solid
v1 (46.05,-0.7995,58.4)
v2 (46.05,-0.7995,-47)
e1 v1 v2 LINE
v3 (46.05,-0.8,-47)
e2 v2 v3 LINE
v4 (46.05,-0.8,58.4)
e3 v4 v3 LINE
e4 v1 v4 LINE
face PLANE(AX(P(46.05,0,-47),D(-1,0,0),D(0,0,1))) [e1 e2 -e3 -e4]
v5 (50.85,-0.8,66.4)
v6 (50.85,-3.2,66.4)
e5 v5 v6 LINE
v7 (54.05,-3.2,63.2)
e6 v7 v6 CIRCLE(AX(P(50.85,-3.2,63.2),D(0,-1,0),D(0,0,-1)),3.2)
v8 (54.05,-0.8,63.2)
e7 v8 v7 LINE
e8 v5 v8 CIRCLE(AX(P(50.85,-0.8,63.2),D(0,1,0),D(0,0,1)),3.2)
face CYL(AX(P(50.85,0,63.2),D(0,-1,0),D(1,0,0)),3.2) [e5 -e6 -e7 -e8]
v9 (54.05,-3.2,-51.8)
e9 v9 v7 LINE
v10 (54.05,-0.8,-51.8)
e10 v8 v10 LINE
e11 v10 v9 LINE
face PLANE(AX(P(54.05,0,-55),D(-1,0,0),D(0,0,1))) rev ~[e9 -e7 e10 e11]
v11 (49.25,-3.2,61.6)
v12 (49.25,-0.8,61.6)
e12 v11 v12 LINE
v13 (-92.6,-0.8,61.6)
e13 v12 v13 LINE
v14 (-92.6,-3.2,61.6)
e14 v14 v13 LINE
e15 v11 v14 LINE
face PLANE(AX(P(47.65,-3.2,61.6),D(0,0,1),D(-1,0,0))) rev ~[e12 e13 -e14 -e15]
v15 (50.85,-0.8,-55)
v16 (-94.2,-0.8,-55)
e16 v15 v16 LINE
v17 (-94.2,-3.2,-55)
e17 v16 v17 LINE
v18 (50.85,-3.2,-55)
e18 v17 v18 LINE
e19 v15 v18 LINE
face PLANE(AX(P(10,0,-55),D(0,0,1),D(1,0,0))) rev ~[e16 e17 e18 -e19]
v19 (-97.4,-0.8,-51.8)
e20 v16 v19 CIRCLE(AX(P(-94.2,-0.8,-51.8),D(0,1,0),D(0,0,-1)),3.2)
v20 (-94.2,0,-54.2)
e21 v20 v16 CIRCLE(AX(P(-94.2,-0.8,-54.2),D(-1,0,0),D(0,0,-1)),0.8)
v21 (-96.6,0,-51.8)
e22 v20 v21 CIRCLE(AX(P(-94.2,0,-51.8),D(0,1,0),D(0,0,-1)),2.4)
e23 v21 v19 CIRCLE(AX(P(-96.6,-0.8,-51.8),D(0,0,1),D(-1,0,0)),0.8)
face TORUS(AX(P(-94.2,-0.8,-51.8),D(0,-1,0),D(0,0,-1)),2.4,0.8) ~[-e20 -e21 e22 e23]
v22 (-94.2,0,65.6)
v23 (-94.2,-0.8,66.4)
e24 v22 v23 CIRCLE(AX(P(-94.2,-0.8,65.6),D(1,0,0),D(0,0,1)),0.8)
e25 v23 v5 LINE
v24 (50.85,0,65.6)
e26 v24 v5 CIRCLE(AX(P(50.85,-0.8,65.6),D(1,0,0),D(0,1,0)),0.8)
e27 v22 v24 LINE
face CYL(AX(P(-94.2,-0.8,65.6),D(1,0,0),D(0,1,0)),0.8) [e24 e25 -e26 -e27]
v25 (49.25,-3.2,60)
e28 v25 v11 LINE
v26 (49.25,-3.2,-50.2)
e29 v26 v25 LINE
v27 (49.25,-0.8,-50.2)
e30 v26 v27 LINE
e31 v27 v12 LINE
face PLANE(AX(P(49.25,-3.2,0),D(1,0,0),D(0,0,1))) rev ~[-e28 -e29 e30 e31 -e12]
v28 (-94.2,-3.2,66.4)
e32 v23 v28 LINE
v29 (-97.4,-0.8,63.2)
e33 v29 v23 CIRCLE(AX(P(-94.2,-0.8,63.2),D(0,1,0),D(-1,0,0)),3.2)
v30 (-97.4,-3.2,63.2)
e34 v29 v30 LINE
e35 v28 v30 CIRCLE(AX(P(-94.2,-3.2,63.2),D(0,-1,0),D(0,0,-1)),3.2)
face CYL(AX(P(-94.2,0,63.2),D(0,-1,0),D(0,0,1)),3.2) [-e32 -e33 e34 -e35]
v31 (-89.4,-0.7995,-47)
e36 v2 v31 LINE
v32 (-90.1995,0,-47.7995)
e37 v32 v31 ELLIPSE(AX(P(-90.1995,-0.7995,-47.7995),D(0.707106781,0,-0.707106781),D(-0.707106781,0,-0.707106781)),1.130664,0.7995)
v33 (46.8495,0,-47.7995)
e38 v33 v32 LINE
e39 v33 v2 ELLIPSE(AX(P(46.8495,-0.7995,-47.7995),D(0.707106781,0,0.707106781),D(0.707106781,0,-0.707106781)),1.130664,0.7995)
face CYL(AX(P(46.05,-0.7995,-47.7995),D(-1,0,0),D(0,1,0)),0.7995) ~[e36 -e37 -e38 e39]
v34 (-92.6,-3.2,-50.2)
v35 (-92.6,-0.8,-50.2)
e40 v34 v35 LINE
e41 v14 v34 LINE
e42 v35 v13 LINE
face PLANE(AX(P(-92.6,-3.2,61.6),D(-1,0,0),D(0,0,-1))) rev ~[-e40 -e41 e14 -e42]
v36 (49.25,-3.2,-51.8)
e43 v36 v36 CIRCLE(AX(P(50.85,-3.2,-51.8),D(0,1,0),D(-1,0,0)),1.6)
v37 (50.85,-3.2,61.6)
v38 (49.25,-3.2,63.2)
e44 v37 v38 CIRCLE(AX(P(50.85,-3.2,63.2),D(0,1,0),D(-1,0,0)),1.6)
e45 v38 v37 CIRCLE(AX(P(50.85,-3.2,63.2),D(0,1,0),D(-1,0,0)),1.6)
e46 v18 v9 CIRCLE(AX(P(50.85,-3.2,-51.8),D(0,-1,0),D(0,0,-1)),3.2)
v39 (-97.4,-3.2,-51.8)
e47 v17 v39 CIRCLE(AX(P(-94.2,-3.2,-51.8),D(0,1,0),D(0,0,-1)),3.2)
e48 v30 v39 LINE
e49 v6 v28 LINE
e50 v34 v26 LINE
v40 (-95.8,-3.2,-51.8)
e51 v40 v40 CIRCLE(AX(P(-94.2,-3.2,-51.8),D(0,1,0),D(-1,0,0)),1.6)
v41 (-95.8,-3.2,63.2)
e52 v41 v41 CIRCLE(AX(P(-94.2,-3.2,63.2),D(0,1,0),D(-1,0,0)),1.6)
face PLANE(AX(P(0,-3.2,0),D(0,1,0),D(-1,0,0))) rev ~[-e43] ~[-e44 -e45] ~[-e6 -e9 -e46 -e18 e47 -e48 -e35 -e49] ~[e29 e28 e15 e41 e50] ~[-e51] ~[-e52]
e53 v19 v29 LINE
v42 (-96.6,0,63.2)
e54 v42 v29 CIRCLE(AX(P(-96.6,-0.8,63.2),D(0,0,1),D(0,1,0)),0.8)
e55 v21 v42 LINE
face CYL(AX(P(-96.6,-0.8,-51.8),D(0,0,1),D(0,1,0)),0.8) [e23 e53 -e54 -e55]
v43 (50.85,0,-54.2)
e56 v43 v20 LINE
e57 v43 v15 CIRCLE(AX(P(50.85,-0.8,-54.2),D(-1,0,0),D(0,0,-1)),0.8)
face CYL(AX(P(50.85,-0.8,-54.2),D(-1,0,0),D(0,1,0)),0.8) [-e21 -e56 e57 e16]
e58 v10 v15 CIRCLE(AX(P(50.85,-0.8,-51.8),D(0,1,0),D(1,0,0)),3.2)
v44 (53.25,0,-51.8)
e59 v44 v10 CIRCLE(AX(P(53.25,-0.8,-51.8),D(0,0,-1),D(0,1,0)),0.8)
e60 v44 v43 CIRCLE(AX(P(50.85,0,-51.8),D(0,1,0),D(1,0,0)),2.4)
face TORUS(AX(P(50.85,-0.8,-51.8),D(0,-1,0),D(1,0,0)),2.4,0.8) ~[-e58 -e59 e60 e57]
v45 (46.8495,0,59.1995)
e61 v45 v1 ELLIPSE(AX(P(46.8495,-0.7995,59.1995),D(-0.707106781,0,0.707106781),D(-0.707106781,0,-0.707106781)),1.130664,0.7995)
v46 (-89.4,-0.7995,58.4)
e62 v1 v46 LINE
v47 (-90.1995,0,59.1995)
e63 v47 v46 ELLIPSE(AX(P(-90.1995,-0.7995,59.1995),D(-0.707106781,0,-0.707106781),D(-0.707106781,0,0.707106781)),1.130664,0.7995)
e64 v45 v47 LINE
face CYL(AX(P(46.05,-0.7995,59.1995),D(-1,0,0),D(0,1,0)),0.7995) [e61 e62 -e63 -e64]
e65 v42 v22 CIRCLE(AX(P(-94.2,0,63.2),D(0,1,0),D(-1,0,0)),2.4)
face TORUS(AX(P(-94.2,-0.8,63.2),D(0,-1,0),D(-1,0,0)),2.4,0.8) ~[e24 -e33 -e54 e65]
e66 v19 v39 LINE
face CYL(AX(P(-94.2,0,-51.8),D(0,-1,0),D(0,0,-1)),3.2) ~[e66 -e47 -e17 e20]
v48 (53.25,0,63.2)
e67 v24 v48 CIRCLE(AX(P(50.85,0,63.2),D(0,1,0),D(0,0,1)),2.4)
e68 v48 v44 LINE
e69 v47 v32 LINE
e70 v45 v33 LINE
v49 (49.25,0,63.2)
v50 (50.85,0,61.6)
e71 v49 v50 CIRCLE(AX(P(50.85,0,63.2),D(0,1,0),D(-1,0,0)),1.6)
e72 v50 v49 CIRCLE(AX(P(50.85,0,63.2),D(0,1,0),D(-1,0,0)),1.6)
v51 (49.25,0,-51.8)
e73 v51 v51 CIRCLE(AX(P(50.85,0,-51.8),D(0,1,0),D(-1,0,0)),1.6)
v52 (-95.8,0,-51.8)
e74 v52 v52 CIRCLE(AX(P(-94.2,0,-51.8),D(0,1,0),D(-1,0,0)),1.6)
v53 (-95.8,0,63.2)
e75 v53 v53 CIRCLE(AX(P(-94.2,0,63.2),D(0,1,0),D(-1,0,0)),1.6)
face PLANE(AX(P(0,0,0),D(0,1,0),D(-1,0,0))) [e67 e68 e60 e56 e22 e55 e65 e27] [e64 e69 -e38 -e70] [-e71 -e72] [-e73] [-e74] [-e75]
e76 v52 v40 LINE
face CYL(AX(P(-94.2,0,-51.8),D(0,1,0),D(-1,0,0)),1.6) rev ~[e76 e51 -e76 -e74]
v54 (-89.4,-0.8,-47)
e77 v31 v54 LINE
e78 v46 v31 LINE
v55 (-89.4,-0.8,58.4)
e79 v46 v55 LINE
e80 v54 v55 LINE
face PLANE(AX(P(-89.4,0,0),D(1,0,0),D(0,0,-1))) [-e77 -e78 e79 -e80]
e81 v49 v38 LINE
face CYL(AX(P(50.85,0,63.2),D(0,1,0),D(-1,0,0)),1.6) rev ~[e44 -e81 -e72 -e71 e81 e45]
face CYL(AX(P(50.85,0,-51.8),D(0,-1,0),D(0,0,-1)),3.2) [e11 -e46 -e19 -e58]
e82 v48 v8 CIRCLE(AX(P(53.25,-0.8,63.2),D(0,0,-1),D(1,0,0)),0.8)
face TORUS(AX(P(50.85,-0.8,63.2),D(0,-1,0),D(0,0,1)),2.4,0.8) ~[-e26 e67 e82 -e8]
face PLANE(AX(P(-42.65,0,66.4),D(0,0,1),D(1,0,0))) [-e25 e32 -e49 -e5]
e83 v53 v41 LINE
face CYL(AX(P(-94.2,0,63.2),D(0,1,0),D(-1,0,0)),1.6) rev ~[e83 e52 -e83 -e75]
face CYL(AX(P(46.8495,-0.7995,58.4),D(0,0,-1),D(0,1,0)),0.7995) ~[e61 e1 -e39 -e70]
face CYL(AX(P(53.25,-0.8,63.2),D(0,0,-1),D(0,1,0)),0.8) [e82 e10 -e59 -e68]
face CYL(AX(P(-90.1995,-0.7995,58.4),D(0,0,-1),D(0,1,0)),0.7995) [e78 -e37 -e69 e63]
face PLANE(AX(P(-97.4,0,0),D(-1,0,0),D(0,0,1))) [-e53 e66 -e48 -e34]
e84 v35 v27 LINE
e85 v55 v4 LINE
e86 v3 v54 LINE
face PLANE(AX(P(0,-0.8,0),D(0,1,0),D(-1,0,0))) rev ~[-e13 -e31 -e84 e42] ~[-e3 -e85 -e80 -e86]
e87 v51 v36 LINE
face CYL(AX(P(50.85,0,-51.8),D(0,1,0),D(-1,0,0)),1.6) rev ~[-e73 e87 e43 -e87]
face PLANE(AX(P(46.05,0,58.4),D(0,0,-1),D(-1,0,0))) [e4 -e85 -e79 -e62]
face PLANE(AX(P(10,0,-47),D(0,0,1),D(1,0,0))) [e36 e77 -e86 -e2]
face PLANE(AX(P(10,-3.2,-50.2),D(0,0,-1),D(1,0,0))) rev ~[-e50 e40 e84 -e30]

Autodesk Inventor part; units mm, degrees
ref_plane "YZ Plane" through (0, 0, 0) normal (1, 0, 0) x (0, 1, 0)
ref_plane "XZ Plane" through (0, 0, 0) normal (0, 1, 0) x (-1, 0, 0)
ref_plane "XY Plane" through (0, 0, 0) normal (0, 0, 1) x (1, 0, 0)
sketch "Sketch1" plane through (0, 0, 0) normal (0, 1, 0) x (-1, 0, 0)
  line L0 (0, 0) -> (61, 0)
  circle A0 centre (0, 0) radius 33.6
  circle A1 centre (61, 0) radius 8.5
  line L1 (69.5, 0) -> (69.5, 7.5)
  line L2 (69.5, 7.5) -> (69.5, -7.5)
  line L3 (69.5, -7.5) -> (65, -7.5)
  line L4 (69.5, 7.5) -> (65, 7.5)
  line L5 (69.5, 7.5) -> (72.5, 7.5)
  line L6 (72.5, 7.5) -> (72.5, -7.5)
  line L7 (72.5, -7.5) -> (69.5, -7.5)
  line L8 (52.5, 0) -> (47.5, 0)
  line L9 (61, 8.5) -> (61, 13.5)
  line L10 (72.5, 0) -> (77.5, 0)
  line L11 (61, -8.5) -> (61, -13.5)
  line L12 (47.95, 13.05) -> (77.05, 13.05)
  line L13 (77.05, 13.05) -> (77.05, -13.05)
  line L14 (77.05, -13.05) -> (47.95, -13.05)
  line L15 (47.95, -13.05) -> (47.95, 13.05)
  line L16 (72.5, 7.5) -> (72.5, 10.5)
  line L17 (72.5, 10.5) -> (65, 10.5)
  line L18 (65, 10.5) -> (65, 7.5)
  line L19 (72.5, -7.5) -> (72.5, -10.5)
  line L20 (72.5, -10.5) -> (65, -10.5)
  line L21 (65, -10.5) -> (65, -7.5)
  line L22 (61, 0) -> (61, 60)
  line L23 (0, 0) -> (-42.65, 0)
  line L24 (-42.65, 0) -> (-47.65, 0)
  line L25 (0, 0) -> (0, -33.6)
  line L26 (0, 0) -> (42.65, 0)
  line L27 (42.65, 0) -> (42.65, 60)
  line L28 (42.65, 0) -> (42.65, -33.6)
  circle A2 centre (61, 0) radius 25
  line L29 (42.65, 25) -> (42.65, 31.2)
  line L30 (42.65, 31.2) -> (48.85, 31.2)
  line L31 (42.65, -25) -> (42.65, -31.2)
  line L32 (36, 0) -> (31, 0)
  line L33 (31, 0) -> (31, -31.2)
  line L34 (31, -31.2) -> (31, -37.4)
  line L35 (31, -37.4) -> (79.35, -37.4)
  line L36 (79.35, -37.4) -> (79.35, 31.2)
  line L37 (79.35, 31.2) -> (79.35, 37.4)
  line L38 (79.35, 37.4) -> (31, 37.4)
  line L39 (31, 37.4) -> (31, 0)
  line L40 (42.65, -33.6) -> (42.65, -37.4)
  circle A3 centre (61, 0) radius 5.25
  line L41 (86, 0) -> (91, 0)
  line L42 (91, 0) -> (97.4, 0)
  line L43 (-47.65, 0) -> (-47.65, 60)
  line L44 (-47.65, 60) -> (42.65, 60)
  line L45 (91, 0) -> (91, 60)
  line L46 (91, 60) -> (42.65, 60)
  line L47 (0, -33.6) -> (0, -43.6)
  line L48 (0, -43.6) -> (0, -48.6)
  line L49 (0, -48.6) -> (0, -55)
  line L50 (0, -55) -> (-54.05, -55)
  line L51 (0, -48.6) -> (-47.65, -48.6)
  line L52 (-47.65, -48.6) -> (-47.65, 0)
  line L53 (0, -55) -> (97.4, -55)
  line L54 (97.4, -55) -> (97.4, 0)
  line L55 (91, 0) -> (91, -48.6)
  line L56 (91, -48.6) -> (0, -48.6)
  line L57 (0, -48.6) -> (10, -48.6)
  line L58 (0, -48.6) -> (-10, -48.6)
  line L59 (10, -48.6) -> (10, -55)
  line L60 (-10, -48.6) -> (-10, -55)
  line L61 (10, -48.6) -> (10, -43.6)
  line L62 (10, -43.6) -> (-10, -43.6)
  line L63 (-10, -43.6) -> (-10, -49.0563)
  line L64 (65, 10.5) -> (66, 10.5)
  line L65 (66, 10.5) -> (66, 7.5)
  line L66 (65, -10.5) -> (66, -10.5)
  line L67 (66, -10.5) -> (66, -7.5)
  line L68 (-47.65, 0) -> (-54.05, 0)
  line L69 (42.65, 60) -> (42.65, 66.4)
  line L70 (-54.05, -55) -> (-54.05, 0)
  line L71 (-54.05, 66.4) -> (-54.05, 0)
  line L72 (42.65, 66.4) -> (-54.05, 66.4)
  line L73 (97.4, 0) -> (97.4, 66.4)
  line L74 (97.4, 66.4) -> (42.65, 66.4)
  line L75 (-47.65, 60) -> (-50.85, 60)
  line L76 (-50.85, 60) -> (-50.85, 63.2)
  circle A4 centre (-50.85, 63.2) radius 1.6
  line L77 (91, 60) -> (94.2, 60)
  line L78 (94.2, 60) -> (-50.85, 60)
  circle A5 centre (-32.7188, 63.2) radius 1.6
  circle A6 centre (-14.5875, 63.2) radius 1.6
  circle A7 centre (3.5438, 63.2) radius 1.6
  circle A8 centre (21.675, 63.2) radius 1.6
  circle A9 centre (39.8063, 63.2) radius 1.6
  circle A10 centre (57.9375, 63.2) radius 1.6
  circle A11 centre (76.0688, 63.2) radius 1.6
  circle A12 centre (94.2, 63.2) radius 1.6
  line L79 (-47.65, 60) -> (-47.65, 63.2)
  line L80 (-47.65, 63.2) -> (-47.65, -51.8)
  circle A13 centre (-50.85, 44.0333) radius 1.6
  circle A14 centre (-50.85, 24.8667) radius 1.6
  circle A15 centre (-50.85, 5.7) radius 1.6
  circle A16 centre (-50.85, -13.4667) radius 1.6
  circle A17 centre (-50.85, -32.6333) radius 1.6
  circle A18 centre (-50.85, -51.8) radius 1.6
  line L81 (-47.65, 60) -> (21.675, 60)
  line L82 (21.675, 60) -> (21.675, 55.1722)
  line L83 (-47.65, 5.7) -> (-45.15, 5.7)
  circle A19 centre (-50.85, -51.8) radius 1.6
  circle A20 centre (-32.7188, -51.8) radius 1.6
  circle A21 centre (-14.5875, -51.8) radius 1.6
  circle A22 centre (3.5438, -51.8) radius 1.6
  circle A23 centre (21.675, -51.8) radius 1.6
  circle A24 centre (39.8063, -51.8) radius 1.6
  circle A25 centre (57.9375, -51.8) radius 1.6
  circle A26 centre (76.0688, -51.8) radius 1.6
  circle A27 centre (94.2, -51.8) radius 1.6
  circle A28 centre (94.2, 44.0333) radius 1.6
  circle A29 centre (94.2, 24.8667) radius 1.6
  circle A30 centre (94.2, 5.7) radius 1.6
  circle A31 centre (94.2, -13.4667) radius 1.6
  circle A32 centre (94.2, -32.6333) radius 1.6
  line L84 (61, 60) -> (61, 56.8)
  line L85 (61, 56.8) -> (61, 38.8)
  line L86 (61, 56.8) -> (48.1, 56.8)
  line L87 (61, 56.8) -> (73.9, 56.8)
  line L88 (73.9, 56.8) -> (73.9, 38.8)
  line L89 (73.9, 38.8) -> (61, 38.8)
  line L90 (48.1, 56.8) -> (48.1, 38.8)
  line L91 (48.1, 38.8) -> (61, 38.8)
  line L92 (0, 60) -> (0, 56.8)
  line L93 (0, 56.8) -> (-16.65, 56.8)
  line L94 (-16.65, 56.8) -> (16.65, 56.8)
  line L95 (16.65, 56.8) -> (16.65, 38.6)
  line L96 (16.65, 38.6) -> (-16.65, 38.6)
  line L97 (-16.65, 38.6) -> (-16.65, 56.8)
  circle A33 centre (-50.85, 63.2) radius 1.4
  circle A34 centre (-32.7188, 63.2) radius 1.4
  circle A35 centre (-14.5875, 63.2) radius 1.4
  circle A36 centre (3.5438, 63.2) radius 1.4
  circle A37 centre (21.675, 63.2) radius 1.4
  circle A38 centre (39.8063, 63.2) radius 1.4
  circle A39 centre (57.9375, 63.2) radius 1.4
  circle A40 centre (76.0688, 63.2) radius 1.4
  circle A41 centre (94.2, 63.2) radius 1.4
  circle A42 centre (-50.85, -51.8) radius 1.4
  circle A43 centre (-32.7188, -51.8) radius 1.4
  circle A44 centre (-14.5875, -51.8) radius 1.4
  circle A45 centre (3.5438, -51.8) radius 1.4
  circle A46 centre (21.675, -51.8) radius 1.4
  circle A47 centre (39.8063, -51.8) radius 1.4
  circle A48 centre (57.9375, -51.8) radius 1.4
  circle A49 centre (76.0688, -51.8) radius 1.4
  circle A50 centre (94.2, -51.8) radius 1.4
  circle A51 centre (-50.85, 44.0333) radius 1.4
  circle A52 centre (-50.85, 24.8667) radius 1.4
  circle A53 centre (-50.85, 5.7) radius 1.4
  circle A54 centre (-50.85, -13.4667) radius 1.4
  circle A55 centre (-50.85, -32.6333) radius 1.4
  circle A56 centre (-50.85, -51.8) radius 1.4
  circle A57 centre (94.2, 63.2) radius 1.4
  circle A58 centre (94.2, 44.0333) radius 1.4
  circle A59 centre (94.2, 24.8667) radius 1.4
  circle A60 centre (94.2, 5.7) radius 1.4
  circle A61 centre (94.2, -13.4667) radius 1.4
  circle A62 centre (94.2, -32.6333) radius 1.4
  circle A63 centre (94.2, -51.8) radius 1.4
  line L98 (61, 8.5) -> (61, 6.7)
  line L99 (61, 6.7) -> (61.8, 6.7)
  line L100 (61, 6.7) -> (60.2, 6.7)
  line L101 (60.2, 6.7) -> (60.2, 8.4623)
  line L102 (61.8, 6.7) -> (61.8, 8.4623)
  line L103 (-16.65, 56.8) -> (-16.65, 60)
  line L104 (-16.65, 60) -> (-19.85, 60)
  line L105 (16.65, 38.6) -> (19.85, 38.6)
  line L106 (19.85, 38.6) -> (19.85, 35.4)
  line L107 (-19.85, 60) -> (19.85, 60)
  line L108 (19.85, 60) -> (19.85, 35.4)
  line L109 (19.85, 35.4) -> (-19.85, 35.4)
  line L110 (-19.85, 35.4) -> (-19.85, 60)
  line L111 (-16.65, 47.7) -> (8.35, 47.7)
  line L112 (16.65, 56.8) -> (19.85, 56.8)
  line L113 (16.65, 38.6) -> (19.85, 38.6)
  line L114 (8.35, 47.7) -> (8.35, 52.7)
  line L115 (8.35, 47.7) -> (8.35, 42.7)
  line L116 (8.35, 42.7) -> (-16.65, 42.7)
  line L117 (8.35, 52.7) -> (-16.65, 52.7)
  line L118 (79.35, -37.4) -> (82.55, -37.4)
  line L119 (82.55, -37.4) -> (82.55, 37.4)
  line L120 (82.55, 37.4) -> (79.35, 37.4)
  line L121 (48.85, 31.2) -> (45.65, 31.2)
  circle A64 centre (45.65, 31.2) radius 1.6
  circle A65 centre (45.65, 31.2) radius 1.4
  circle A66 centre (45.65, 31.2) radius 3.2
  circle A67 centre (76.35, 31.2) radius 1.6
  circle A68 centre (76.35, 31.2) radius 1.4
  circle A69 centre (76.35, 31.2) radius 3.2
  circle A70 centre (45.65, -31.2) radius 1.6
  circle A71 centre (45.65, -31.2) radius 1.4
  circle A72 centre (45.65, -31.2) radius 3.2
  circle A73 centre (76.35, -31.2) radius 3.2
  circle A74 centre (76.35, -31.2) radius 1.6
  circle A75 centre (76.35, -31.2) radius 1.4
  line L122 (91, -48.6) -> (92.6, -48.6)
  line L123 (92.6, -48.6) -> (92.6, -50.2)
  line L124 (-47.65, 60) -> (-49.25, 60)
  line L125 (-49.25, 60) -> (-49.25, 61.6)
  line L126 (-47.65, 60) -> (-46.05, 60)
  line L127 (-46.05, 60) -> (-46.05, 58.4)
  line L128 (91, -48.6) -> (89.4, -48.6)
  line L129 (89.4, -48.6) -> (89.4, -47)
  line L130 (89.4, -47) -> (-46.05, -47)
  line L131 (-46.05, -47) -> (-46.05, 58.4)
  line L132 (-46.05, 58.4) -> (89.4, 58.4)
  line L133 (89.4, 58.4) -> (89.4, -47)
  line L134 (-49.25, 61.6) -> (92.6, 61.6)
  line L135 (92.6, 61.6) -> (92.6, -50.2)
  line L136 (92.6, -50.2) -> (-49.25, -50.2)
  line L137 (-49.25, -50.2) -> (-49.25, 61.6)
  point P0 (42.65, 37.4)
  point P1 (31, -12.9599)
  point P2 (31, 12.9599)
  dimension "d1" = 67.2
  dimension "d2" = 17
  dimension "d0" = 61
  dimension "d3" = 7.5
  dimension "d4" = 15
  dimension "d5" = 3
  dimension "d6" = 5
  dimension "d7" = 5
  dimension "d8" = 5
  dimension "d9" = 5
  dimension "d10" = 3
  dimension "d11" = 60
  dimension "d13" = 42.65
  dimension "d14" = 5
  dimension "d16" = 50
  dimension "d17" = 6.2
  dimension "d18" = 6.2
  dimension "d19" = 6.2
  dimension "d26" = 5
  dimension "d27" = 6.2
  dimension "d31" = 10.5
  dimension "d33" = 5
  dimension "d34" = 6.4
  dimension "d36" = 10
  dimension "d37" = 5
  dimension "d38" = 6.4
  dimension "d41" = 10
  dimension "d42" = 10
  dimension "d52" = 1
  dimension "d53" = 1
  dimension "d56" = 6.4
  dimension "d57" = 6.4
  dimension "d58" = 3.2
  dimension "d59" = 3.2
  dimension "d62" = 18.1313
  dimension "d67" = 115
  dimension "d70" = 19.1667
  dimension "d78" = 3.2
  dimension "d79" = 18
  dimension "d80" = 12.9
  dimension "d81" = 12.9
  dimension "d82" = 3.2
  dimension "d83" = 16.65
  dimension "d84" = 33.3
  dimension "d85" = 18.2
  dimension "d93" = 2.8
  dimension "d96" = 18.1313
  dimension "d99" = 115
  dimension "d104" = 19.1667
  dimension "d107" = 145.05
  dimension "d110" = 1.8
  dimension "d111" = 0.8
  dimension "d112" = 0.8
  dimension "d115" = 3.2
  dimension "d116" = 3.2
  dimension "d117" = 3.2
  dimension "d118" = 3.2
  dimension "d119" = 25
  dimension "d120" = 5
  dimension "d121" = 5
  dimension "d127" = 3.2
  dimension "d128" = 3.2
  dimension "d129" = 2.8
  dimension "d130" = 6.4
  dimension "d137" = 1.6
  dimension "d138" = 1.6
extrude "backplate" add sketch "Sketch1" against normal blind 3.2 contours L131 L130 L63 L51 L52 L24 | L24 L43 L83 L131 | L130 L61 L56 L48 | L48 L51 L63 L130 | L68 L137 L75 L43 | L52 L80 L136 L137 L68 | L83 L43 L44 L127 L131 | L56 L59 L136 L49 | L49 L136 L60 L51 | L130 L129 L56 L61 | L132 L82 L44 L27 | L27 L46 L22 L132 | L51 L60 L136 L80 | A21 | A20 | A17 | A16 | L137 L136 L60 L50 L70 L68 | A15 | A14 | A13 | A33 | A4 | A5 | A6 | A7 | A8 | A9 | L68 L71 L72 L69 L134 L125 L137 | L127 L44 L110 L132 | A22 | L136 L59 L53 L49 | L49 L50 L60 L136 | L56 L122 L123 L136 L59 | L133 L41 L55 L56 L129 | L69 L134 L135 L77 L46 | L44 L79 L134 L69 | L132 L108 L44 L82 | L22 L46 L45 L41 L133 L132 | L75 L125 L134 L79 | L110 L44 L103 L132 | A31 | A32 | A26 | A25 | A24 | A23 | L136 L123 L135 L42 L54 L53 L59 | A10 | A11 | A28 | A29 | A30 | L69 L74 L73 L42 L135 L134 | L132 L92 L44 L108 | L103 L44 L92 L132 | L55 L42 L135 L122 | L45 L77 L135 L42 | A12 | A18 | A27 | A34 | A35 | A36 | A37 | A38 | A39 | A40 | A41 | A42 | A43 | A44 | A45 | A46 | A47 | A48 | A49 | A50 | A51 | A52 | A53 | A54 | A55 | A58 | A59 | A60 | A61 | A62
fillet "Fillet3" radius 3.2 4 edges at (54.05, -1.6, -55) (-97.4, -1.6, -55) (-97.4, -1.6, 66.4) (54.05, -1.6, 66.4)
extrude "B2 male pegs" cut sketch "Sketch1" against normal through all contours A33 | A4 | A12 | A18 | A27 | A41 | A42 | A50
fillet "Fillet8" radius 0.8 8 edges at (-96.4627, 0, -54.0627) (-97.4, 0, 5.7) (-96.4627, 0, 65.4627) (-21.675, 0, 66.4) (53.1127, 0, 65.4627) (54.05, 0, 5.7) (53.1127, 0, -54.0627) (-21.675, 0, -55)
extrude "Extrusion12" cut sketch "Sketch1" along normal blind 2.4 from surface at -3.2 contours L23 A0 L39 L0 | L25 A0 L23 | L0 L33 A0 L25 | L39 A0 L0 | L0 A0 L33 | L23 L24 L131 L132 L110 L109 L106 L108 L27 L38 L39 A0 | A0 L47 L62 L63 L130 L131 L24 L23 | A0 L33 L34 L35 L118 L119 A2 L41 L133 L130 L61 L62 L47 | A0 L39 L38 L27 A66 A2 L0 | L0 A2 L28 A72 L40 L35 L34 L33 A0 | L62 L61 L130 L48 | L48 L130 L63 L62 | A2 L27 L0 | L0 L28 A2 | L131 L130 L63 L51 L52 L24 | L24 L43 L83 L131 | L130 L61 L56 L48 | L48 L51 L63 L130 | L27 A2 L22 L9 L12 L15 L0 | L0 L15 L14 L13 L12 L9 L22 A2 L36 L28 | L27 A66 L38 L22 A2 | A2 L36 A73 L35 L40 L28 A72 | L27 L132 L22 L86 L90 L91 L38 | L68 L137 L75 L43 | L52 L80 L136 L137 L68 | L83 L43 L44 L127 L131 | L56 L59 L136 L49 | L49 L136 L60 L51 | L130 L129 L56 L61 | L22 L38 L37 A69 L36 A2 | L36 A2 L119 | A2 L119 L118 L36 A73 | A66 L30 A64 L27 | L27 A66 | L132 L82 L44 L27 | L27 L46 L22 L132 | L22 L89 L88 L87 L132 L133 L41 A2 L119 L120 L38 | L51 L60 L136 L80 | L127 L44 L110 L132 | L56 L122 L123 L136 L59 | L133 L41 L55 L56 L129 | L15 L12 L9 A1 L0 | L0 A1 L11 L14 L15 | L27 L30 A64 A66 | L36 A69 L37 L120 L119 A2 | A72 L28 | L28 A72 | L119 A2 | A73 L36 | L36 A73 | L69 L134 L135 L77 L46 | L44 L79 L134 L69 | L132 L108 L44 L82 | L22 L46 L45 L41 L133 L132 | L91 L90 L86 L22 | L22 L87 L88 L89 | L75 L125 L134 L79 | L132 L103 L97 L96 L105 L106 L109 L110 | L110 L44 L103 L132 | A1 L101 L100 L22 A3 L0 | L0 A3 L22 L99 L102 A1 | L12 L13 L10 L6 L16 L17 L18 A1 L9 | A69 L37 L36 | L36 L37 A69 | A64 L30 A65 | L30 A65 A64 | L132 L92 L44 L108 | L108 L112 L94 L92 L132 | L132 L92 L93 L103 | L103 L44 L92 L132 | L55 L42 L135 L122 | L45 L77 L135 L42 | A3 L22 L0 | L0 L22 A3 | A1 L22 L100 L101 | A1 L21 L20 L19 L6 L10 L13 L14 L11 | A1 L102 L99 L22 | A65 L30 | L30 A65 | L108 L105 L95 L112 | L93 L94 L95 L96 L97 L116 L115 L114 L117 | A1 L2 L3 | L3 L67 L20 L21 | L117 L114 L111 L97 | A1 L4 L1 | L1 L5 L6 L7 L2 | L3 L7 L19 L20 L67 | L18 L17 L65 L4 | L111 L115 L116 L97 | L4 L65 L17 L16 L5 | A67 | A68 | A70 | A71 | A74 | A75
fillet "Fillet10" radius 0.8 4 edges at (46.05, 0, 5.7) (-21.675, 0, 58.4) (-89.4, 0, 5.7) (-21.675, 0, -47)
properties part number "door top plate with window"
